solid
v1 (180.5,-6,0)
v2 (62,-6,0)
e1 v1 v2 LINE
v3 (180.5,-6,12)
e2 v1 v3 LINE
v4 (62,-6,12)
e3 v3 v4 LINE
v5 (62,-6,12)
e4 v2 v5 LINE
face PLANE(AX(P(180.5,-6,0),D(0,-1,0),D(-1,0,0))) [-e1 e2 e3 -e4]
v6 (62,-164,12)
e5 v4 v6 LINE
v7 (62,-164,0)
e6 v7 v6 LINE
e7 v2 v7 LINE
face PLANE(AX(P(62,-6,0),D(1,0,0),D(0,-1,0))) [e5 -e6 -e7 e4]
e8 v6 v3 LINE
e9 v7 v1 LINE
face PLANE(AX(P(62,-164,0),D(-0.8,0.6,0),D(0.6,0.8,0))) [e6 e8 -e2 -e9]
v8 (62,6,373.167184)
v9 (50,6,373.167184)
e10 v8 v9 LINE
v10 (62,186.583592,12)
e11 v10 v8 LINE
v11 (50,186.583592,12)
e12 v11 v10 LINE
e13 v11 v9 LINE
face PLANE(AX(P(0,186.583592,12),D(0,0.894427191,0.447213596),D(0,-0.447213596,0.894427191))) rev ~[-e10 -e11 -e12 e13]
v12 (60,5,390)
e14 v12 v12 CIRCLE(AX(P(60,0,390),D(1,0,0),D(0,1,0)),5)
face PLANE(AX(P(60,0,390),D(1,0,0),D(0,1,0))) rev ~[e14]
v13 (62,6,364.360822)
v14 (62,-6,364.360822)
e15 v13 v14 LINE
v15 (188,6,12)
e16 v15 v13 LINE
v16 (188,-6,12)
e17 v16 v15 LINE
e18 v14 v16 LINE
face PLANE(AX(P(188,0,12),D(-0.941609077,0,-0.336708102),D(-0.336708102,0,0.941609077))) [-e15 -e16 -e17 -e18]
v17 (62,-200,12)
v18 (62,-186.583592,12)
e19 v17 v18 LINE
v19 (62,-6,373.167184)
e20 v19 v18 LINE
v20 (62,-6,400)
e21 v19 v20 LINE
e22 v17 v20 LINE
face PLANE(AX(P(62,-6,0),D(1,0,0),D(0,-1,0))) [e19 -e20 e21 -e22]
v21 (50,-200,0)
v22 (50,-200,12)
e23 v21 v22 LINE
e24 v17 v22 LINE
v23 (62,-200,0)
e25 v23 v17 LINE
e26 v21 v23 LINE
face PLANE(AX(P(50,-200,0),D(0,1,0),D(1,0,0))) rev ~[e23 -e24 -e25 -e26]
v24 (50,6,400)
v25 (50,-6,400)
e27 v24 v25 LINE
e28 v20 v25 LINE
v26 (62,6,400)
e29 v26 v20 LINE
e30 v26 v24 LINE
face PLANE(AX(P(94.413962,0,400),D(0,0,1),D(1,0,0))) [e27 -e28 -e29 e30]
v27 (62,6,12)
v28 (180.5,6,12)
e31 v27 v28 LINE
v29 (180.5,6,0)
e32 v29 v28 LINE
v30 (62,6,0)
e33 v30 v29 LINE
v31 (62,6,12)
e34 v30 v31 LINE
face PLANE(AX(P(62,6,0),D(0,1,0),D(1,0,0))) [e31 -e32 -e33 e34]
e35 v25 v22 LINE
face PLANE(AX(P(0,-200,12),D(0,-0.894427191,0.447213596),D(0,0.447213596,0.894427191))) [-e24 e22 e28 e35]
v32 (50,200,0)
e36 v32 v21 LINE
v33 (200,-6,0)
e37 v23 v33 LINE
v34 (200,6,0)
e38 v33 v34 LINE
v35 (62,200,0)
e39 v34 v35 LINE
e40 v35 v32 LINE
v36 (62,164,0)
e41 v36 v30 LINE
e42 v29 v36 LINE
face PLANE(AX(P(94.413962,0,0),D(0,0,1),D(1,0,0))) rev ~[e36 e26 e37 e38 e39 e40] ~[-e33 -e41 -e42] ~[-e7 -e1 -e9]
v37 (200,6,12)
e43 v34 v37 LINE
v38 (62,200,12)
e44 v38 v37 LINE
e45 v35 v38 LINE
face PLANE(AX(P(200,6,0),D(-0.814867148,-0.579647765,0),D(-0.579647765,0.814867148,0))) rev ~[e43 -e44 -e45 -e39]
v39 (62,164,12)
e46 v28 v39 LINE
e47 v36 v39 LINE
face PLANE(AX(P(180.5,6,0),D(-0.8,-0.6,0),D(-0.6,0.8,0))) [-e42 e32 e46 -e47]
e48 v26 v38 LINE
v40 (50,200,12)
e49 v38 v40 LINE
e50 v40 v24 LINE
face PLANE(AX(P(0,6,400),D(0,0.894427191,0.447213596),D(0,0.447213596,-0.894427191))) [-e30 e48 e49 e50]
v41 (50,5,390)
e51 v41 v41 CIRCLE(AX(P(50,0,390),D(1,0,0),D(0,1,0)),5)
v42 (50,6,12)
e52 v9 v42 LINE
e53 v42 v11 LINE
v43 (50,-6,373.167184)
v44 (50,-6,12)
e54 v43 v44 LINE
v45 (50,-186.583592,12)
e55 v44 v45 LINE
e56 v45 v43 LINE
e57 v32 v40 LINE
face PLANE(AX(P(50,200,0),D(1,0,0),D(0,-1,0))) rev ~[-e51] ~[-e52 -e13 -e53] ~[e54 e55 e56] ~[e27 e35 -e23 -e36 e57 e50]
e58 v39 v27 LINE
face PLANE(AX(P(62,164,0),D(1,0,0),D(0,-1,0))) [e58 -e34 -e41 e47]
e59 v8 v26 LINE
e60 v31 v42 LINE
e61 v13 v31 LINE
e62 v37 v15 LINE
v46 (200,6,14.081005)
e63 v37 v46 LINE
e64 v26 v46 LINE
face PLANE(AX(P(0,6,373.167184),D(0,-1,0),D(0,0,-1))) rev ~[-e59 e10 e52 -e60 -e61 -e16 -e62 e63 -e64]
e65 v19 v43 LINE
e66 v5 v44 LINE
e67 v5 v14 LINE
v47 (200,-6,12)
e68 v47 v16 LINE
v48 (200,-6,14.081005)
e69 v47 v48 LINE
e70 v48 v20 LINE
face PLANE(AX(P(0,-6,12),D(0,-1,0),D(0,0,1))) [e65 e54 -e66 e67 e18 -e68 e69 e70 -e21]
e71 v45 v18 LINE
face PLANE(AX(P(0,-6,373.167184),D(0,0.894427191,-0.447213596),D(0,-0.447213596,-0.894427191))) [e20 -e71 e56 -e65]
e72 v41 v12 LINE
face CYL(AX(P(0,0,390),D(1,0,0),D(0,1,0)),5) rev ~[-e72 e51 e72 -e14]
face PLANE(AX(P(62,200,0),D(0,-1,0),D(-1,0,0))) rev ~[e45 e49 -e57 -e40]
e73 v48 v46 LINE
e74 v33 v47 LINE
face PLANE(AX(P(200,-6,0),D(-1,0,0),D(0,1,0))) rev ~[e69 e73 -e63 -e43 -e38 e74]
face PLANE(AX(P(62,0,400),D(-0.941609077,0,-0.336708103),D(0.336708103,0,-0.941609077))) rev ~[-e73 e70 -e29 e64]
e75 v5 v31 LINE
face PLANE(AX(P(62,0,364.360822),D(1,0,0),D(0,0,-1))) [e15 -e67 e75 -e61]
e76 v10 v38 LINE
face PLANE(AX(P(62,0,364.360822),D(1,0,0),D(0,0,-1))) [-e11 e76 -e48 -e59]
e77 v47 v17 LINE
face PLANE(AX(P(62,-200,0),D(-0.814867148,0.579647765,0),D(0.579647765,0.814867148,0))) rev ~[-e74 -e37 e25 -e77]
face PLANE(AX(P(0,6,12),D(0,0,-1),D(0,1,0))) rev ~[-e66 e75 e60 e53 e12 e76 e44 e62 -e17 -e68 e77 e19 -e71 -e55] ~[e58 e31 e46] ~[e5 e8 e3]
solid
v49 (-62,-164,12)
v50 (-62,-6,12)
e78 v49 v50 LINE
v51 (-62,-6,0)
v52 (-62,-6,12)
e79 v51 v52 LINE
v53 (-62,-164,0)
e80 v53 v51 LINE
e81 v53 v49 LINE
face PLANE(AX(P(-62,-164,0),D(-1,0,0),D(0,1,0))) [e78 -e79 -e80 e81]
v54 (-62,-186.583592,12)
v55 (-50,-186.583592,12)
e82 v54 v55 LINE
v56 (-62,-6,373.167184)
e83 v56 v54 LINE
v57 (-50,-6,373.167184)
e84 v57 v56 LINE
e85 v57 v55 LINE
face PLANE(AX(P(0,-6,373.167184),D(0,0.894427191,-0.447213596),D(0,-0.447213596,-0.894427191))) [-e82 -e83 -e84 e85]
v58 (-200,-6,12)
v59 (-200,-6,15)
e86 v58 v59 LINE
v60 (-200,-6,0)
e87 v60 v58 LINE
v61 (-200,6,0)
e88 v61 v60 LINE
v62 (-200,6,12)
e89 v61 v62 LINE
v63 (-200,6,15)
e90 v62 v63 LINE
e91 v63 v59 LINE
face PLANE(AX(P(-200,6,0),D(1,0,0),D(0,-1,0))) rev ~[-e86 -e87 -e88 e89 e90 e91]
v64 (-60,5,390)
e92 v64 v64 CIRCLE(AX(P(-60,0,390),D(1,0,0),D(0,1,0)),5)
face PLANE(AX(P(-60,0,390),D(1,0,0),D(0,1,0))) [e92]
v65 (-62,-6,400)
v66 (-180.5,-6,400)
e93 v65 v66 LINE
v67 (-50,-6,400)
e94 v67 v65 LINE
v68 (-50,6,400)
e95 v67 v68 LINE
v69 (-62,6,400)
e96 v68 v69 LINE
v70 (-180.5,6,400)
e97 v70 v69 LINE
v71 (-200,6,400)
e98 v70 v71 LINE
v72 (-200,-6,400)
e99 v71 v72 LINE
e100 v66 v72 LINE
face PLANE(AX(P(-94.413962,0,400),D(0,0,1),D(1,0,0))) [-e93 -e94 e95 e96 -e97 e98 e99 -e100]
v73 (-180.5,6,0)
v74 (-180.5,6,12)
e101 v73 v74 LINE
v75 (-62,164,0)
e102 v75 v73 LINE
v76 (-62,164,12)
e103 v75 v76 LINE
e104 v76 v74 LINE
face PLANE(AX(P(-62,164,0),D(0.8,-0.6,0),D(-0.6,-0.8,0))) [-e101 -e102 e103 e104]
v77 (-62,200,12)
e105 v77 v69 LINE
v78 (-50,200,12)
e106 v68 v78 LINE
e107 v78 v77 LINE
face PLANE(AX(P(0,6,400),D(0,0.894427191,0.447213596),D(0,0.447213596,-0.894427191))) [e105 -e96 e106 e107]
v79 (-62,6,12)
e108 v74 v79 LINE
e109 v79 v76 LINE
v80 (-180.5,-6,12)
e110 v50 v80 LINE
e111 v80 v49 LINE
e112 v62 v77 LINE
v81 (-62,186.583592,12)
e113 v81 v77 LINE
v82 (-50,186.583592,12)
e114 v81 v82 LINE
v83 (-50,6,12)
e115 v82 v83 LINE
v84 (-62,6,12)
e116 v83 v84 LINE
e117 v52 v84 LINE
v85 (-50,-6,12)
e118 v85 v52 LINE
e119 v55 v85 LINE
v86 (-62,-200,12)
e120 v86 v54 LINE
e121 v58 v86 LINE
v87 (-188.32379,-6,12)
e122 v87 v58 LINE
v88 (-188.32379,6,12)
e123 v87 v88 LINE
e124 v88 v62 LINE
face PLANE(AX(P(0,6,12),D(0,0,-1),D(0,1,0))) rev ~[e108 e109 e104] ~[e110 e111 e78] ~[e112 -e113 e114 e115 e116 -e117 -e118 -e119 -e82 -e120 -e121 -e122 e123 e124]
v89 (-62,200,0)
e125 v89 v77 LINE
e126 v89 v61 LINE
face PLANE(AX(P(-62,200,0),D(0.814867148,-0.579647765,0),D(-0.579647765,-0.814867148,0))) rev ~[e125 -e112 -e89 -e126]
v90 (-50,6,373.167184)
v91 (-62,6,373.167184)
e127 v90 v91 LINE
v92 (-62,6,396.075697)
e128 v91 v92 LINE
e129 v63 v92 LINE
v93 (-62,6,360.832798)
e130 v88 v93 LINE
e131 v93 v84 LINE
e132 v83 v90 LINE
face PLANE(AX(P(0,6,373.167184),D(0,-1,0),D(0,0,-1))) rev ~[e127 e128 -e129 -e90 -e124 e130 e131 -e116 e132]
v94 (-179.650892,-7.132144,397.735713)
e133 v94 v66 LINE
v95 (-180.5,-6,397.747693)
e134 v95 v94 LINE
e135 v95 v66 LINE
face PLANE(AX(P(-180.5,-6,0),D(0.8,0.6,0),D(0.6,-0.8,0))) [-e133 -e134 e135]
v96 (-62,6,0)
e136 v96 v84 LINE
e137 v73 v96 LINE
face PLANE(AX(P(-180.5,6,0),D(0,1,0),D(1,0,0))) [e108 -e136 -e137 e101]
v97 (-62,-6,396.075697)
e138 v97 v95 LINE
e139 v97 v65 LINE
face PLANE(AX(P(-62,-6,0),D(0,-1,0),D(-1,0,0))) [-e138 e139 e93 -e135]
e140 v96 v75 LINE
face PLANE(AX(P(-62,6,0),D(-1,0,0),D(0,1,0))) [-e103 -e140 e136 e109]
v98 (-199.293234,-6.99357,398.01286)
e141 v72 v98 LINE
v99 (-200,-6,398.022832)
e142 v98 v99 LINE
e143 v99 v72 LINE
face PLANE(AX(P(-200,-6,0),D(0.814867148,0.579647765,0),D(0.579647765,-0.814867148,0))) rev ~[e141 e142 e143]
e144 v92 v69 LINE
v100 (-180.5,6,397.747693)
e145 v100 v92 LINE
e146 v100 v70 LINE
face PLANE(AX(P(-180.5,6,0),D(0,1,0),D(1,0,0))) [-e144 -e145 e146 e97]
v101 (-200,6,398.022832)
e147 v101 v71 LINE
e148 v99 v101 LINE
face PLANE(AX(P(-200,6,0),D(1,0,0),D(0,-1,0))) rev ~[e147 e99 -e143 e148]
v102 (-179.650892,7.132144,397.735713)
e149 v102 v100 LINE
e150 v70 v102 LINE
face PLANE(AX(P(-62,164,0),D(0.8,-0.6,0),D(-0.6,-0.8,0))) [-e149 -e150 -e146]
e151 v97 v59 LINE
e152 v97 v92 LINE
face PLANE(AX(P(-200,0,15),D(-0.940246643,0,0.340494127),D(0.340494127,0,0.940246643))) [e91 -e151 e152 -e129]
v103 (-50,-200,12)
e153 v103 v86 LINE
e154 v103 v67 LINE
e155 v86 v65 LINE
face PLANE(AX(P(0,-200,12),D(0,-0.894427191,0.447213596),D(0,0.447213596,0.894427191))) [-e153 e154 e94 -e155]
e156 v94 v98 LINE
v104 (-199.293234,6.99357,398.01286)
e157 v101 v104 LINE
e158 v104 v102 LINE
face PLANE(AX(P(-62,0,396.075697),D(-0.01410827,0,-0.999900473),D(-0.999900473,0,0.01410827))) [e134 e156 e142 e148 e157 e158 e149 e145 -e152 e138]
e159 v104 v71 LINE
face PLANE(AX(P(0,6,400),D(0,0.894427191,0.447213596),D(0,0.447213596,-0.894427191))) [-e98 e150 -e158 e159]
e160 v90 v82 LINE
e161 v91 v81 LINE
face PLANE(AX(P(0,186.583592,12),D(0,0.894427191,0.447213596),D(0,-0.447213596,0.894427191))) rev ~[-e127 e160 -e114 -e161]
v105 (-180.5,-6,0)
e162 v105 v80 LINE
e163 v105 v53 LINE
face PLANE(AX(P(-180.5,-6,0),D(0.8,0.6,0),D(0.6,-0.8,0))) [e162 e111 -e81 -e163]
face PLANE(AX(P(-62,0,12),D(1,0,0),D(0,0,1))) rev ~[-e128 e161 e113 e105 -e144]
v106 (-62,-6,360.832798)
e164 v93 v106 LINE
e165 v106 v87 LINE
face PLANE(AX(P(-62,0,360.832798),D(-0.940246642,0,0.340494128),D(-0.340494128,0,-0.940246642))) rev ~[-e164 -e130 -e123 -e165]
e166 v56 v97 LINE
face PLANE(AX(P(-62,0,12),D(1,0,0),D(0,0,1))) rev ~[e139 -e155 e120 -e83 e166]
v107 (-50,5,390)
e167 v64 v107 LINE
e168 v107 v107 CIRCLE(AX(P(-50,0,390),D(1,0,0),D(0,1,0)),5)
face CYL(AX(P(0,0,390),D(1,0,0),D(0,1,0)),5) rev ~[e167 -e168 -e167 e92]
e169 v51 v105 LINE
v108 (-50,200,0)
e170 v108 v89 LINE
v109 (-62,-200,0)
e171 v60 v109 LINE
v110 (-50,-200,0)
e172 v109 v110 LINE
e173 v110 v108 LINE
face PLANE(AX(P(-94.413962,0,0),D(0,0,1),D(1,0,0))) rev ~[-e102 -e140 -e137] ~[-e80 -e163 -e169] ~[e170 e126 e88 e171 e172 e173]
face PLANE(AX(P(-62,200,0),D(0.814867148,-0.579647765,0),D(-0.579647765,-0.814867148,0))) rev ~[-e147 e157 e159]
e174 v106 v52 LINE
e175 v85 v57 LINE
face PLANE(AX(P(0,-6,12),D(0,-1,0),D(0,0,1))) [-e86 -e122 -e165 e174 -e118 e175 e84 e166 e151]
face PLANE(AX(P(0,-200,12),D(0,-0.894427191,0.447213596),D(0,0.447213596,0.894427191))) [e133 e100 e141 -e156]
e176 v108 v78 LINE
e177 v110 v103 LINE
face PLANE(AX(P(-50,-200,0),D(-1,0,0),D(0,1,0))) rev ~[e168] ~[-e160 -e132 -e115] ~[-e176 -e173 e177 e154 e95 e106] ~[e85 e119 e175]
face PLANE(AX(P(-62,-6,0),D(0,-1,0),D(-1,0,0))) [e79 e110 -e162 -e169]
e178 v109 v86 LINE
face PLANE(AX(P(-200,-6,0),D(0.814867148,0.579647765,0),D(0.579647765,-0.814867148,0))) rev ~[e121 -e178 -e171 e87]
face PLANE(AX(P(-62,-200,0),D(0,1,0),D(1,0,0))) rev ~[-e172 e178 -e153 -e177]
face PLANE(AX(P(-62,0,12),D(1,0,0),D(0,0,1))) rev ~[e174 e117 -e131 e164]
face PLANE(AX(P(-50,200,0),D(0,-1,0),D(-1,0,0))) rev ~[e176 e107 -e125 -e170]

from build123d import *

# Parameters (mm, degrees)
F2_DEPTH  = 400
F4_DEPTH  = 500
F6_DEPTH  = 500
F8_DEPTH  = 200
F10_DEPTH = 400
F11_R     = 5
F12_DEPTH = 60
F14_DEPTH = 106


with BuildPart() as f2:
    # F1 (on Top) → F2 (new body)
    with BuildSketch(Plane.XY):
        Polygon((-62, 200), (-200, 6), (-200, -6), (-62, -200), (-50, -200), (-50, 200), align=None)
        Polygon((62, 200), (50, 200), (50, -200), (62, -200), (200, -6), (200, 6), align=None)
    extrude(amount=F2_DEPTH)

    # F3 (on Front) → F4 (cut, symmetric)
    with BuildSketch(Plane.XZ):
        Polygon((-340.12854, 400), (-200, 15), (-62, 396.075697), align=None)
        Polygon((-62, 12), (-62, 360.832798), (-188.32379, 12), align=None)
    extrude(amount=F4_DEPTH, both=True, mode=Mode.SUBTRACT)

    # F5 (on Front) → F6 (cut, symmetric)
    with BuildSketch(Plane.XZ):
        Polygon((188, 12), (62, 364.360822), (62, 12), align=None)
        Polygon((200, 400), (62, 400), (200, 14.081005), align=None)
    extrude(amount=F6_DEPTH, both=True, mode=Mode.SUBTRACT)

    # F7 (on Right) → F8 (cut, symmetric)
    with BuildSketch(Plane.YZ):
        Polygon((-6, 400), (-200, 400), (-200, 12), align=None)
        Polygon((200, 12), (200, 400), (6, 400), align=None)
        Polygon((-6, 373.167184), (-186.583592, 12), (-6, 12), align=None)
        Polygon((6, 12), (186.583592, 12), (6, 373.167184), align=None)
    extrude(amount=F8_DEPTH, both=True, mode=Mode.SUBTRACT)

    # F9 (on Top) → F10 (cut)
    with BuildSketch(Plane.XY):
        Polygon((62, 6), (180.5, 6), (62, 164), align=None)
        Polygon((180.5, -6), (62, -6), (62, -164), align=None)
        Polygon((-62, 6), (-62, 164), (-180.5, 6), align=None)
        Polygon((-62, -6), (-180.5, -6), (-62, -164), align=None)
    extrude(amount=F10_DEPTH, mode=Mode.SUBTRACT)

    # F11 (on Right) → F12 (cut, symmetric)
    with BuildSketch(Plane.YZ):
        with Locations((0, 390)):
            Circle(F11_R)
    extrude(amount=F12_DEPTH, both=True, mode=Mode.SUBTRACT)

    # F13 (on offset) → F14 (cut)
    with BuildSketch(Plane.XY.offset(141)):
        Polygon((-62, -200), (-62, -6), (-200, -6), align=None)
        Polygon((-200, 6), (-62, 6), (-62, 200), align=None)
        Polygon((62, 200), (62, 6), (200, 6), align=None)
        Polygon((200, -6), (62, -6), (62, -200), align=None)
    extrude(amount=F14_DEPTH, mode=Mode.SUBTRACT)


solid = f2.part
